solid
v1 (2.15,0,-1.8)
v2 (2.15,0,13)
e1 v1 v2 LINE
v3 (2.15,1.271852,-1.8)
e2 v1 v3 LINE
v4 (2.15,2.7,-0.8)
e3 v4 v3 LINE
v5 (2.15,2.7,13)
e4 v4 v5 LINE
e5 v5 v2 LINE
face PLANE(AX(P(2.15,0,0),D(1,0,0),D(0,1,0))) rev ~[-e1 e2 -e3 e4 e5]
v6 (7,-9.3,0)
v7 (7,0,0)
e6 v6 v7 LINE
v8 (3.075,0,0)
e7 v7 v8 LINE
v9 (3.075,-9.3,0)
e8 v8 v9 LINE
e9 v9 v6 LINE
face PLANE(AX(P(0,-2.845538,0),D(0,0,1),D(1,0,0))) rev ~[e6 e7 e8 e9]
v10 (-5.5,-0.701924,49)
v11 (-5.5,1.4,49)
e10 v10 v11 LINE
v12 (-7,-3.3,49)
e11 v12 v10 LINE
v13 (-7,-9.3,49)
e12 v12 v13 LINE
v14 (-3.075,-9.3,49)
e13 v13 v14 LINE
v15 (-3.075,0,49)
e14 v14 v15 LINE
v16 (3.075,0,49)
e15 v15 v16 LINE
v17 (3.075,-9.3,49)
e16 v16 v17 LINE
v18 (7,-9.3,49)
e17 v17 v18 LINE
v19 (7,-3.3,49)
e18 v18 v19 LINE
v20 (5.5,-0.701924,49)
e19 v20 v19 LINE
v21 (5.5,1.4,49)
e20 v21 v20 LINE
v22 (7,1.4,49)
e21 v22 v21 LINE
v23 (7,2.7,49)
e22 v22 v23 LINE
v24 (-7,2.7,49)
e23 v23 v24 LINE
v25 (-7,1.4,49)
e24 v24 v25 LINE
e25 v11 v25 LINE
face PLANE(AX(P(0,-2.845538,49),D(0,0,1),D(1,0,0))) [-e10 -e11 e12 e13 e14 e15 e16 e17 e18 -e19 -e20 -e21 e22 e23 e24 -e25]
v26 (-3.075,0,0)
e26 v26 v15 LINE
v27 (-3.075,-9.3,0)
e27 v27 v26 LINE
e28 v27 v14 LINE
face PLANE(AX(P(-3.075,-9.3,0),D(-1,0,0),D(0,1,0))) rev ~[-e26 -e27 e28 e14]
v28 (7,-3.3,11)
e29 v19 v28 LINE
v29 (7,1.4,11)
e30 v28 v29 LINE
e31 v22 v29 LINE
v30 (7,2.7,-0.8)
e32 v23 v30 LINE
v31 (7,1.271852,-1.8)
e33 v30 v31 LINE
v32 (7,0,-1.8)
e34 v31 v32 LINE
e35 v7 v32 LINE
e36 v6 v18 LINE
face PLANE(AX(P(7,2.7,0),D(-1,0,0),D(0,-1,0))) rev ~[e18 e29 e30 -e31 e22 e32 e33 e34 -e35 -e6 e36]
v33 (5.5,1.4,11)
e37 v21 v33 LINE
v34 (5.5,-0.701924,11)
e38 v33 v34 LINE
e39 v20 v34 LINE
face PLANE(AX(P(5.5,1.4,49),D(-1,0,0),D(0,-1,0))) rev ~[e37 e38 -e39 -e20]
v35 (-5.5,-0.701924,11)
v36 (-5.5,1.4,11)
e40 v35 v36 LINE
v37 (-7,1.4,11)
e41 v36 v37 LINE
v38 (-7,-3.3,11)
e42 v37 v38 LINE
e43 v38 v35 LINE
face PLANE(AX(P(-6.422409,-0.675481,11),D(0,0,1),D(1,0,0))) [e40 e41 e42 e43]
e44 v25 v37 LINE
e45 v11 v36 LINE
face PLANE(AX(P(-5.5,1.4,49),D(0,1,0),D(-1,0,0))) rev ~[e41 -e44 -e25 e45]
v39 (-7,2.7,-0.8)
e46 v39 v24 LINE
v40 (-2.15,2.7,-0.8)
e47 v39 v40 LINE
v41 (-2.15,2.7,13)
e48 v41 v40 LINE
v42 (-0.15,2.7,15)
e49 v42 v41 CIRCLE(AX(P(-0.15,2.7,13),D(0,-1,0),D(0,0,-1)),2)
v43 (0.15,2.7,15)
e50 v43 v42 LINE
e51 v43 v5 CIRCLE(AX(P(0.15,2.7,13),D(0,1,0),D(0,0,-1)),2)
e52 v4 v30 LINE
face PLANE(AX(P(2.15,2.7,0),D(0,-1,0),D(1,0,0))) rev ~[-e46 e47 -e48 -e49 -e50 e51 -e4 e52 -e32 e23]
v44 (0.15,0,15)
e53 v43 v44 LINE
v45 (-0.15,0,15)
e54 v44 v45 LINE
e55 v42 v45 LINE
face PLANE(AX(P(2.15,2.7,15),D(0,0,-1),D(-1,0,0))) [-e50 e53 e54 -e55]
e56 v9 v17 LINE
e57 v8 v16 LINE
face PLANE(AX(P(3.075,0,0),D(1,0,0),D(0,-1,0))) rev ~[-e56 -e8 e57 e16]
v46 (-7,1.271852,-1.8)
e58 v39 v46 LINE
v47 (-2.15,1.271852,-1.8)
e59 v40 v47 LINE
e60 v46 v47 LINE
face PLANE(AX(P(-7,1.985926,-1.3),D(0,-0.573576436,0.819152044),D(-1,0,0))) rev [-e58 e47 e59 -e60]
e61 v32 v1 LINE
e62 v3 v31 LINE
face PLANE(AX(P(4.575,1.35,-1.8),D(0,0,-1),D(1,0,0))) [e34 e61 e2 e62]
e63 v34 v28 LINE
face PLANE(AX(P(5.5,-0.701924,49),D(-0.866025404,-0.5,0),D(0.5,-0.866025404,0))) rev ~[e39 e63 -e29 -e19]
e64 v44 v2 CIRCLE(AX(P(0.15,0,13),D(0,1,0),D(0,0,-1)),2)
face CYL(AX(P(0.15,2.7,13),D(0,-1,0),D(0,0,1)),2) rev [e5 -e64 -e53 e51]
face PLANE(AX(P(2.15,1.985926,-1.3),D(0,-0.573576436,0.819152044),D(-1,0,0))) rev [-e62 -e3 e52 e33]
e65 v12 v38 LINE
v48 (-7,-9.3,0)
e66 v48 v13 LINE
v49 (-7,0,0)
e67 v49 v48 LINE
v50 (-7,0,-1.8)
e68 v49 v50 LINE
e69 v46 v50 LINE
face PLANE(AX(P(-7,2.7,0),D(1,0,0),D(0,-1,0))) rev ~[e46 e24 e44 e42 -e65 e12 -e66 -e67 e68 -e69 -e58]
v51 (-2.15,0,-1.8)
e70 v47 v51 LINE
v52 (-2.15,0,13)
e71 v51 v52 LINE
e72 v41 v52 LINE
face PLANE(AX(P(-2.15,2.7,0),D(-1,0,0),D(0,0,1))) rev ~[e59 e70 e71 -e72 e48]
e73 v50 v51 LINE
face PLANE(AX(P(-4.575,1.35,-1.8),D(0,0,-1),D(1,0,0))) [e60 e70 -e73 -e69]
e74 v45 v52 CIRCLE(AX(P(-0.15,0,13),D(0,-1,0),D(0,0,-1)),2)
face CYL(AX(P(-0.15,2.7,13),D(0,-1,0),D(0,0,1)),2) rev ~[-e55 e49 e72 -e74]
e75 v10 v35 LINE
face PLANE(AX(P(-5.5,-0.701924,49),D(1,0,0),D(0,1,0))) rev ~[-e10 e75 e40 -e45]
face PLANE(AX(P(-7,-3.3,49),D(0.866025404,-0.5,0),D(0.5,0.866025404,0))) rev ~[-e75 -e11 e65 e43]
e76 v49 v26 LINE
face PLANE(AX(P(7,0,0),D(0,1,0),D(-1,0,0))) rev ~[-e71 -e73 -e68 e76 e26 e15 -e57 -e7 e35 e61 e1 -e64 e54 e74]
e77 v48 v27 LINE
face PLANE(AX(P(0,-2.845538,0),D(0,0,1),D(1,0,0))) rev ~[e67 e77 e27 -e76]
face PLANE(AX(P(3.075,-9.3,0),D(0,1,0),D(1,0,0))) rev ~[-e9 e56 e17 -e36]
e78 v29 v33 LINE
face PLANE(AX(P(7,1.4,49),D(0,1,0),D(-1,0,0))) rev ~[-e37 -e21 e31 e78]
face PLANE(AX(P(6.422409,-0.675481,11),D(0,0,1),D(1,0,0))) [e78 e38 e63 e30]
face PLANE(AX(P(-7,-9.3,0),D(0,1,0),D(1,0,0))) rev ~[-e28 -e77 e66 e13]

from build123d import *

# Parameters (mm, degrees)
F1_DEPTH = 49
F2_W     = 4.3
F2_H     = 15
F3_DEPTH = 25
F4_W     = 4.85
F4_H     = 2.7
F5_DEPTH = 1.8
F6_R     = 2
F7_SIZE2 = 1.4281480067
F7_SIZE  = 1
F9_DEPTH = 38


with BuildPart() as f1:
    # F0 (on Top) → F1 (new body)
    with BuildSketch(Plane.XY):
        Polygon((-3.075, -9.3), (-3.075, 0), (0, 0), (3.075, 0), (3.075, -9.3), (7, -9.3), (7, 2.7), (0, 2.7), (-7, 2.7), (-7, -9.3), align=None)
    extrude(amount=F1_DEPTH)

    # F2 (on face) → F3 (cut)
    with BuildSketch(Plane(origin=(0, 2.7, 0), x_dir=(-1, 0, 0), z_dir=(0, 1, 0))):
        with Locations((0, 7.5)):
            Rectangle(F2_W, F2_H)
    extrude(amount=-F3_DEPTH, mode=Mode.SUBTRACT)

    # F4 (on face) → F5 (join)
    with BuildSketch(Plane(origin=(0, 0, 0), x_dir=(1, 0, 0), z_dir=(0, 0, -1))):
        Polygon((2.15, -2.7), (7, -2.7), (7, 0), (3.075, 0), (2.15, 0), align=None)
        with Locations((-4.575, -1.35)):
            Rectangle(F4_W, F4_H)
    extrude(amount=F5_DEPTH)

    # F6
    f6_edges = [f1.edges().sort_by_distance(p)[0] for p in [
        (2.15, 1.35, 15),
        (-2.15, 1.35, 15),
    ]]
    fillet(f6_edges, radius=F6_R)

    # F7
    f7_edges = [f1.edges().sort_by_distance(p)[0] for p in [
        (4.575, 2.7, -1.8),
        (-4.575, 2.7, -1.8),
    ]]
    f7_side = f1.faces().sort_by_distance((0, 2.7, 25.492605))[0]
    chamfer(f7_edges, length=F7_SIZE, length2=F7_SIZE2, reference=f7_side)

    # F8 (on face) → F9 (cut)
    with BuildSketch(Plane.XY.offset(49)):
        Polygon((7, -3.3), (7, 1.4), (5.5, 1.4), (5.5, -0.7019237886), align=None)
        Polygon((-5.5, 1.4), (-7, 1.4), (-7, -3.3), (-5.5, -0.7019237886), align=None)
    extrude(amount=-F9_DEPTH, mode=Mode.SUBTRACT)


solid = f1.part
